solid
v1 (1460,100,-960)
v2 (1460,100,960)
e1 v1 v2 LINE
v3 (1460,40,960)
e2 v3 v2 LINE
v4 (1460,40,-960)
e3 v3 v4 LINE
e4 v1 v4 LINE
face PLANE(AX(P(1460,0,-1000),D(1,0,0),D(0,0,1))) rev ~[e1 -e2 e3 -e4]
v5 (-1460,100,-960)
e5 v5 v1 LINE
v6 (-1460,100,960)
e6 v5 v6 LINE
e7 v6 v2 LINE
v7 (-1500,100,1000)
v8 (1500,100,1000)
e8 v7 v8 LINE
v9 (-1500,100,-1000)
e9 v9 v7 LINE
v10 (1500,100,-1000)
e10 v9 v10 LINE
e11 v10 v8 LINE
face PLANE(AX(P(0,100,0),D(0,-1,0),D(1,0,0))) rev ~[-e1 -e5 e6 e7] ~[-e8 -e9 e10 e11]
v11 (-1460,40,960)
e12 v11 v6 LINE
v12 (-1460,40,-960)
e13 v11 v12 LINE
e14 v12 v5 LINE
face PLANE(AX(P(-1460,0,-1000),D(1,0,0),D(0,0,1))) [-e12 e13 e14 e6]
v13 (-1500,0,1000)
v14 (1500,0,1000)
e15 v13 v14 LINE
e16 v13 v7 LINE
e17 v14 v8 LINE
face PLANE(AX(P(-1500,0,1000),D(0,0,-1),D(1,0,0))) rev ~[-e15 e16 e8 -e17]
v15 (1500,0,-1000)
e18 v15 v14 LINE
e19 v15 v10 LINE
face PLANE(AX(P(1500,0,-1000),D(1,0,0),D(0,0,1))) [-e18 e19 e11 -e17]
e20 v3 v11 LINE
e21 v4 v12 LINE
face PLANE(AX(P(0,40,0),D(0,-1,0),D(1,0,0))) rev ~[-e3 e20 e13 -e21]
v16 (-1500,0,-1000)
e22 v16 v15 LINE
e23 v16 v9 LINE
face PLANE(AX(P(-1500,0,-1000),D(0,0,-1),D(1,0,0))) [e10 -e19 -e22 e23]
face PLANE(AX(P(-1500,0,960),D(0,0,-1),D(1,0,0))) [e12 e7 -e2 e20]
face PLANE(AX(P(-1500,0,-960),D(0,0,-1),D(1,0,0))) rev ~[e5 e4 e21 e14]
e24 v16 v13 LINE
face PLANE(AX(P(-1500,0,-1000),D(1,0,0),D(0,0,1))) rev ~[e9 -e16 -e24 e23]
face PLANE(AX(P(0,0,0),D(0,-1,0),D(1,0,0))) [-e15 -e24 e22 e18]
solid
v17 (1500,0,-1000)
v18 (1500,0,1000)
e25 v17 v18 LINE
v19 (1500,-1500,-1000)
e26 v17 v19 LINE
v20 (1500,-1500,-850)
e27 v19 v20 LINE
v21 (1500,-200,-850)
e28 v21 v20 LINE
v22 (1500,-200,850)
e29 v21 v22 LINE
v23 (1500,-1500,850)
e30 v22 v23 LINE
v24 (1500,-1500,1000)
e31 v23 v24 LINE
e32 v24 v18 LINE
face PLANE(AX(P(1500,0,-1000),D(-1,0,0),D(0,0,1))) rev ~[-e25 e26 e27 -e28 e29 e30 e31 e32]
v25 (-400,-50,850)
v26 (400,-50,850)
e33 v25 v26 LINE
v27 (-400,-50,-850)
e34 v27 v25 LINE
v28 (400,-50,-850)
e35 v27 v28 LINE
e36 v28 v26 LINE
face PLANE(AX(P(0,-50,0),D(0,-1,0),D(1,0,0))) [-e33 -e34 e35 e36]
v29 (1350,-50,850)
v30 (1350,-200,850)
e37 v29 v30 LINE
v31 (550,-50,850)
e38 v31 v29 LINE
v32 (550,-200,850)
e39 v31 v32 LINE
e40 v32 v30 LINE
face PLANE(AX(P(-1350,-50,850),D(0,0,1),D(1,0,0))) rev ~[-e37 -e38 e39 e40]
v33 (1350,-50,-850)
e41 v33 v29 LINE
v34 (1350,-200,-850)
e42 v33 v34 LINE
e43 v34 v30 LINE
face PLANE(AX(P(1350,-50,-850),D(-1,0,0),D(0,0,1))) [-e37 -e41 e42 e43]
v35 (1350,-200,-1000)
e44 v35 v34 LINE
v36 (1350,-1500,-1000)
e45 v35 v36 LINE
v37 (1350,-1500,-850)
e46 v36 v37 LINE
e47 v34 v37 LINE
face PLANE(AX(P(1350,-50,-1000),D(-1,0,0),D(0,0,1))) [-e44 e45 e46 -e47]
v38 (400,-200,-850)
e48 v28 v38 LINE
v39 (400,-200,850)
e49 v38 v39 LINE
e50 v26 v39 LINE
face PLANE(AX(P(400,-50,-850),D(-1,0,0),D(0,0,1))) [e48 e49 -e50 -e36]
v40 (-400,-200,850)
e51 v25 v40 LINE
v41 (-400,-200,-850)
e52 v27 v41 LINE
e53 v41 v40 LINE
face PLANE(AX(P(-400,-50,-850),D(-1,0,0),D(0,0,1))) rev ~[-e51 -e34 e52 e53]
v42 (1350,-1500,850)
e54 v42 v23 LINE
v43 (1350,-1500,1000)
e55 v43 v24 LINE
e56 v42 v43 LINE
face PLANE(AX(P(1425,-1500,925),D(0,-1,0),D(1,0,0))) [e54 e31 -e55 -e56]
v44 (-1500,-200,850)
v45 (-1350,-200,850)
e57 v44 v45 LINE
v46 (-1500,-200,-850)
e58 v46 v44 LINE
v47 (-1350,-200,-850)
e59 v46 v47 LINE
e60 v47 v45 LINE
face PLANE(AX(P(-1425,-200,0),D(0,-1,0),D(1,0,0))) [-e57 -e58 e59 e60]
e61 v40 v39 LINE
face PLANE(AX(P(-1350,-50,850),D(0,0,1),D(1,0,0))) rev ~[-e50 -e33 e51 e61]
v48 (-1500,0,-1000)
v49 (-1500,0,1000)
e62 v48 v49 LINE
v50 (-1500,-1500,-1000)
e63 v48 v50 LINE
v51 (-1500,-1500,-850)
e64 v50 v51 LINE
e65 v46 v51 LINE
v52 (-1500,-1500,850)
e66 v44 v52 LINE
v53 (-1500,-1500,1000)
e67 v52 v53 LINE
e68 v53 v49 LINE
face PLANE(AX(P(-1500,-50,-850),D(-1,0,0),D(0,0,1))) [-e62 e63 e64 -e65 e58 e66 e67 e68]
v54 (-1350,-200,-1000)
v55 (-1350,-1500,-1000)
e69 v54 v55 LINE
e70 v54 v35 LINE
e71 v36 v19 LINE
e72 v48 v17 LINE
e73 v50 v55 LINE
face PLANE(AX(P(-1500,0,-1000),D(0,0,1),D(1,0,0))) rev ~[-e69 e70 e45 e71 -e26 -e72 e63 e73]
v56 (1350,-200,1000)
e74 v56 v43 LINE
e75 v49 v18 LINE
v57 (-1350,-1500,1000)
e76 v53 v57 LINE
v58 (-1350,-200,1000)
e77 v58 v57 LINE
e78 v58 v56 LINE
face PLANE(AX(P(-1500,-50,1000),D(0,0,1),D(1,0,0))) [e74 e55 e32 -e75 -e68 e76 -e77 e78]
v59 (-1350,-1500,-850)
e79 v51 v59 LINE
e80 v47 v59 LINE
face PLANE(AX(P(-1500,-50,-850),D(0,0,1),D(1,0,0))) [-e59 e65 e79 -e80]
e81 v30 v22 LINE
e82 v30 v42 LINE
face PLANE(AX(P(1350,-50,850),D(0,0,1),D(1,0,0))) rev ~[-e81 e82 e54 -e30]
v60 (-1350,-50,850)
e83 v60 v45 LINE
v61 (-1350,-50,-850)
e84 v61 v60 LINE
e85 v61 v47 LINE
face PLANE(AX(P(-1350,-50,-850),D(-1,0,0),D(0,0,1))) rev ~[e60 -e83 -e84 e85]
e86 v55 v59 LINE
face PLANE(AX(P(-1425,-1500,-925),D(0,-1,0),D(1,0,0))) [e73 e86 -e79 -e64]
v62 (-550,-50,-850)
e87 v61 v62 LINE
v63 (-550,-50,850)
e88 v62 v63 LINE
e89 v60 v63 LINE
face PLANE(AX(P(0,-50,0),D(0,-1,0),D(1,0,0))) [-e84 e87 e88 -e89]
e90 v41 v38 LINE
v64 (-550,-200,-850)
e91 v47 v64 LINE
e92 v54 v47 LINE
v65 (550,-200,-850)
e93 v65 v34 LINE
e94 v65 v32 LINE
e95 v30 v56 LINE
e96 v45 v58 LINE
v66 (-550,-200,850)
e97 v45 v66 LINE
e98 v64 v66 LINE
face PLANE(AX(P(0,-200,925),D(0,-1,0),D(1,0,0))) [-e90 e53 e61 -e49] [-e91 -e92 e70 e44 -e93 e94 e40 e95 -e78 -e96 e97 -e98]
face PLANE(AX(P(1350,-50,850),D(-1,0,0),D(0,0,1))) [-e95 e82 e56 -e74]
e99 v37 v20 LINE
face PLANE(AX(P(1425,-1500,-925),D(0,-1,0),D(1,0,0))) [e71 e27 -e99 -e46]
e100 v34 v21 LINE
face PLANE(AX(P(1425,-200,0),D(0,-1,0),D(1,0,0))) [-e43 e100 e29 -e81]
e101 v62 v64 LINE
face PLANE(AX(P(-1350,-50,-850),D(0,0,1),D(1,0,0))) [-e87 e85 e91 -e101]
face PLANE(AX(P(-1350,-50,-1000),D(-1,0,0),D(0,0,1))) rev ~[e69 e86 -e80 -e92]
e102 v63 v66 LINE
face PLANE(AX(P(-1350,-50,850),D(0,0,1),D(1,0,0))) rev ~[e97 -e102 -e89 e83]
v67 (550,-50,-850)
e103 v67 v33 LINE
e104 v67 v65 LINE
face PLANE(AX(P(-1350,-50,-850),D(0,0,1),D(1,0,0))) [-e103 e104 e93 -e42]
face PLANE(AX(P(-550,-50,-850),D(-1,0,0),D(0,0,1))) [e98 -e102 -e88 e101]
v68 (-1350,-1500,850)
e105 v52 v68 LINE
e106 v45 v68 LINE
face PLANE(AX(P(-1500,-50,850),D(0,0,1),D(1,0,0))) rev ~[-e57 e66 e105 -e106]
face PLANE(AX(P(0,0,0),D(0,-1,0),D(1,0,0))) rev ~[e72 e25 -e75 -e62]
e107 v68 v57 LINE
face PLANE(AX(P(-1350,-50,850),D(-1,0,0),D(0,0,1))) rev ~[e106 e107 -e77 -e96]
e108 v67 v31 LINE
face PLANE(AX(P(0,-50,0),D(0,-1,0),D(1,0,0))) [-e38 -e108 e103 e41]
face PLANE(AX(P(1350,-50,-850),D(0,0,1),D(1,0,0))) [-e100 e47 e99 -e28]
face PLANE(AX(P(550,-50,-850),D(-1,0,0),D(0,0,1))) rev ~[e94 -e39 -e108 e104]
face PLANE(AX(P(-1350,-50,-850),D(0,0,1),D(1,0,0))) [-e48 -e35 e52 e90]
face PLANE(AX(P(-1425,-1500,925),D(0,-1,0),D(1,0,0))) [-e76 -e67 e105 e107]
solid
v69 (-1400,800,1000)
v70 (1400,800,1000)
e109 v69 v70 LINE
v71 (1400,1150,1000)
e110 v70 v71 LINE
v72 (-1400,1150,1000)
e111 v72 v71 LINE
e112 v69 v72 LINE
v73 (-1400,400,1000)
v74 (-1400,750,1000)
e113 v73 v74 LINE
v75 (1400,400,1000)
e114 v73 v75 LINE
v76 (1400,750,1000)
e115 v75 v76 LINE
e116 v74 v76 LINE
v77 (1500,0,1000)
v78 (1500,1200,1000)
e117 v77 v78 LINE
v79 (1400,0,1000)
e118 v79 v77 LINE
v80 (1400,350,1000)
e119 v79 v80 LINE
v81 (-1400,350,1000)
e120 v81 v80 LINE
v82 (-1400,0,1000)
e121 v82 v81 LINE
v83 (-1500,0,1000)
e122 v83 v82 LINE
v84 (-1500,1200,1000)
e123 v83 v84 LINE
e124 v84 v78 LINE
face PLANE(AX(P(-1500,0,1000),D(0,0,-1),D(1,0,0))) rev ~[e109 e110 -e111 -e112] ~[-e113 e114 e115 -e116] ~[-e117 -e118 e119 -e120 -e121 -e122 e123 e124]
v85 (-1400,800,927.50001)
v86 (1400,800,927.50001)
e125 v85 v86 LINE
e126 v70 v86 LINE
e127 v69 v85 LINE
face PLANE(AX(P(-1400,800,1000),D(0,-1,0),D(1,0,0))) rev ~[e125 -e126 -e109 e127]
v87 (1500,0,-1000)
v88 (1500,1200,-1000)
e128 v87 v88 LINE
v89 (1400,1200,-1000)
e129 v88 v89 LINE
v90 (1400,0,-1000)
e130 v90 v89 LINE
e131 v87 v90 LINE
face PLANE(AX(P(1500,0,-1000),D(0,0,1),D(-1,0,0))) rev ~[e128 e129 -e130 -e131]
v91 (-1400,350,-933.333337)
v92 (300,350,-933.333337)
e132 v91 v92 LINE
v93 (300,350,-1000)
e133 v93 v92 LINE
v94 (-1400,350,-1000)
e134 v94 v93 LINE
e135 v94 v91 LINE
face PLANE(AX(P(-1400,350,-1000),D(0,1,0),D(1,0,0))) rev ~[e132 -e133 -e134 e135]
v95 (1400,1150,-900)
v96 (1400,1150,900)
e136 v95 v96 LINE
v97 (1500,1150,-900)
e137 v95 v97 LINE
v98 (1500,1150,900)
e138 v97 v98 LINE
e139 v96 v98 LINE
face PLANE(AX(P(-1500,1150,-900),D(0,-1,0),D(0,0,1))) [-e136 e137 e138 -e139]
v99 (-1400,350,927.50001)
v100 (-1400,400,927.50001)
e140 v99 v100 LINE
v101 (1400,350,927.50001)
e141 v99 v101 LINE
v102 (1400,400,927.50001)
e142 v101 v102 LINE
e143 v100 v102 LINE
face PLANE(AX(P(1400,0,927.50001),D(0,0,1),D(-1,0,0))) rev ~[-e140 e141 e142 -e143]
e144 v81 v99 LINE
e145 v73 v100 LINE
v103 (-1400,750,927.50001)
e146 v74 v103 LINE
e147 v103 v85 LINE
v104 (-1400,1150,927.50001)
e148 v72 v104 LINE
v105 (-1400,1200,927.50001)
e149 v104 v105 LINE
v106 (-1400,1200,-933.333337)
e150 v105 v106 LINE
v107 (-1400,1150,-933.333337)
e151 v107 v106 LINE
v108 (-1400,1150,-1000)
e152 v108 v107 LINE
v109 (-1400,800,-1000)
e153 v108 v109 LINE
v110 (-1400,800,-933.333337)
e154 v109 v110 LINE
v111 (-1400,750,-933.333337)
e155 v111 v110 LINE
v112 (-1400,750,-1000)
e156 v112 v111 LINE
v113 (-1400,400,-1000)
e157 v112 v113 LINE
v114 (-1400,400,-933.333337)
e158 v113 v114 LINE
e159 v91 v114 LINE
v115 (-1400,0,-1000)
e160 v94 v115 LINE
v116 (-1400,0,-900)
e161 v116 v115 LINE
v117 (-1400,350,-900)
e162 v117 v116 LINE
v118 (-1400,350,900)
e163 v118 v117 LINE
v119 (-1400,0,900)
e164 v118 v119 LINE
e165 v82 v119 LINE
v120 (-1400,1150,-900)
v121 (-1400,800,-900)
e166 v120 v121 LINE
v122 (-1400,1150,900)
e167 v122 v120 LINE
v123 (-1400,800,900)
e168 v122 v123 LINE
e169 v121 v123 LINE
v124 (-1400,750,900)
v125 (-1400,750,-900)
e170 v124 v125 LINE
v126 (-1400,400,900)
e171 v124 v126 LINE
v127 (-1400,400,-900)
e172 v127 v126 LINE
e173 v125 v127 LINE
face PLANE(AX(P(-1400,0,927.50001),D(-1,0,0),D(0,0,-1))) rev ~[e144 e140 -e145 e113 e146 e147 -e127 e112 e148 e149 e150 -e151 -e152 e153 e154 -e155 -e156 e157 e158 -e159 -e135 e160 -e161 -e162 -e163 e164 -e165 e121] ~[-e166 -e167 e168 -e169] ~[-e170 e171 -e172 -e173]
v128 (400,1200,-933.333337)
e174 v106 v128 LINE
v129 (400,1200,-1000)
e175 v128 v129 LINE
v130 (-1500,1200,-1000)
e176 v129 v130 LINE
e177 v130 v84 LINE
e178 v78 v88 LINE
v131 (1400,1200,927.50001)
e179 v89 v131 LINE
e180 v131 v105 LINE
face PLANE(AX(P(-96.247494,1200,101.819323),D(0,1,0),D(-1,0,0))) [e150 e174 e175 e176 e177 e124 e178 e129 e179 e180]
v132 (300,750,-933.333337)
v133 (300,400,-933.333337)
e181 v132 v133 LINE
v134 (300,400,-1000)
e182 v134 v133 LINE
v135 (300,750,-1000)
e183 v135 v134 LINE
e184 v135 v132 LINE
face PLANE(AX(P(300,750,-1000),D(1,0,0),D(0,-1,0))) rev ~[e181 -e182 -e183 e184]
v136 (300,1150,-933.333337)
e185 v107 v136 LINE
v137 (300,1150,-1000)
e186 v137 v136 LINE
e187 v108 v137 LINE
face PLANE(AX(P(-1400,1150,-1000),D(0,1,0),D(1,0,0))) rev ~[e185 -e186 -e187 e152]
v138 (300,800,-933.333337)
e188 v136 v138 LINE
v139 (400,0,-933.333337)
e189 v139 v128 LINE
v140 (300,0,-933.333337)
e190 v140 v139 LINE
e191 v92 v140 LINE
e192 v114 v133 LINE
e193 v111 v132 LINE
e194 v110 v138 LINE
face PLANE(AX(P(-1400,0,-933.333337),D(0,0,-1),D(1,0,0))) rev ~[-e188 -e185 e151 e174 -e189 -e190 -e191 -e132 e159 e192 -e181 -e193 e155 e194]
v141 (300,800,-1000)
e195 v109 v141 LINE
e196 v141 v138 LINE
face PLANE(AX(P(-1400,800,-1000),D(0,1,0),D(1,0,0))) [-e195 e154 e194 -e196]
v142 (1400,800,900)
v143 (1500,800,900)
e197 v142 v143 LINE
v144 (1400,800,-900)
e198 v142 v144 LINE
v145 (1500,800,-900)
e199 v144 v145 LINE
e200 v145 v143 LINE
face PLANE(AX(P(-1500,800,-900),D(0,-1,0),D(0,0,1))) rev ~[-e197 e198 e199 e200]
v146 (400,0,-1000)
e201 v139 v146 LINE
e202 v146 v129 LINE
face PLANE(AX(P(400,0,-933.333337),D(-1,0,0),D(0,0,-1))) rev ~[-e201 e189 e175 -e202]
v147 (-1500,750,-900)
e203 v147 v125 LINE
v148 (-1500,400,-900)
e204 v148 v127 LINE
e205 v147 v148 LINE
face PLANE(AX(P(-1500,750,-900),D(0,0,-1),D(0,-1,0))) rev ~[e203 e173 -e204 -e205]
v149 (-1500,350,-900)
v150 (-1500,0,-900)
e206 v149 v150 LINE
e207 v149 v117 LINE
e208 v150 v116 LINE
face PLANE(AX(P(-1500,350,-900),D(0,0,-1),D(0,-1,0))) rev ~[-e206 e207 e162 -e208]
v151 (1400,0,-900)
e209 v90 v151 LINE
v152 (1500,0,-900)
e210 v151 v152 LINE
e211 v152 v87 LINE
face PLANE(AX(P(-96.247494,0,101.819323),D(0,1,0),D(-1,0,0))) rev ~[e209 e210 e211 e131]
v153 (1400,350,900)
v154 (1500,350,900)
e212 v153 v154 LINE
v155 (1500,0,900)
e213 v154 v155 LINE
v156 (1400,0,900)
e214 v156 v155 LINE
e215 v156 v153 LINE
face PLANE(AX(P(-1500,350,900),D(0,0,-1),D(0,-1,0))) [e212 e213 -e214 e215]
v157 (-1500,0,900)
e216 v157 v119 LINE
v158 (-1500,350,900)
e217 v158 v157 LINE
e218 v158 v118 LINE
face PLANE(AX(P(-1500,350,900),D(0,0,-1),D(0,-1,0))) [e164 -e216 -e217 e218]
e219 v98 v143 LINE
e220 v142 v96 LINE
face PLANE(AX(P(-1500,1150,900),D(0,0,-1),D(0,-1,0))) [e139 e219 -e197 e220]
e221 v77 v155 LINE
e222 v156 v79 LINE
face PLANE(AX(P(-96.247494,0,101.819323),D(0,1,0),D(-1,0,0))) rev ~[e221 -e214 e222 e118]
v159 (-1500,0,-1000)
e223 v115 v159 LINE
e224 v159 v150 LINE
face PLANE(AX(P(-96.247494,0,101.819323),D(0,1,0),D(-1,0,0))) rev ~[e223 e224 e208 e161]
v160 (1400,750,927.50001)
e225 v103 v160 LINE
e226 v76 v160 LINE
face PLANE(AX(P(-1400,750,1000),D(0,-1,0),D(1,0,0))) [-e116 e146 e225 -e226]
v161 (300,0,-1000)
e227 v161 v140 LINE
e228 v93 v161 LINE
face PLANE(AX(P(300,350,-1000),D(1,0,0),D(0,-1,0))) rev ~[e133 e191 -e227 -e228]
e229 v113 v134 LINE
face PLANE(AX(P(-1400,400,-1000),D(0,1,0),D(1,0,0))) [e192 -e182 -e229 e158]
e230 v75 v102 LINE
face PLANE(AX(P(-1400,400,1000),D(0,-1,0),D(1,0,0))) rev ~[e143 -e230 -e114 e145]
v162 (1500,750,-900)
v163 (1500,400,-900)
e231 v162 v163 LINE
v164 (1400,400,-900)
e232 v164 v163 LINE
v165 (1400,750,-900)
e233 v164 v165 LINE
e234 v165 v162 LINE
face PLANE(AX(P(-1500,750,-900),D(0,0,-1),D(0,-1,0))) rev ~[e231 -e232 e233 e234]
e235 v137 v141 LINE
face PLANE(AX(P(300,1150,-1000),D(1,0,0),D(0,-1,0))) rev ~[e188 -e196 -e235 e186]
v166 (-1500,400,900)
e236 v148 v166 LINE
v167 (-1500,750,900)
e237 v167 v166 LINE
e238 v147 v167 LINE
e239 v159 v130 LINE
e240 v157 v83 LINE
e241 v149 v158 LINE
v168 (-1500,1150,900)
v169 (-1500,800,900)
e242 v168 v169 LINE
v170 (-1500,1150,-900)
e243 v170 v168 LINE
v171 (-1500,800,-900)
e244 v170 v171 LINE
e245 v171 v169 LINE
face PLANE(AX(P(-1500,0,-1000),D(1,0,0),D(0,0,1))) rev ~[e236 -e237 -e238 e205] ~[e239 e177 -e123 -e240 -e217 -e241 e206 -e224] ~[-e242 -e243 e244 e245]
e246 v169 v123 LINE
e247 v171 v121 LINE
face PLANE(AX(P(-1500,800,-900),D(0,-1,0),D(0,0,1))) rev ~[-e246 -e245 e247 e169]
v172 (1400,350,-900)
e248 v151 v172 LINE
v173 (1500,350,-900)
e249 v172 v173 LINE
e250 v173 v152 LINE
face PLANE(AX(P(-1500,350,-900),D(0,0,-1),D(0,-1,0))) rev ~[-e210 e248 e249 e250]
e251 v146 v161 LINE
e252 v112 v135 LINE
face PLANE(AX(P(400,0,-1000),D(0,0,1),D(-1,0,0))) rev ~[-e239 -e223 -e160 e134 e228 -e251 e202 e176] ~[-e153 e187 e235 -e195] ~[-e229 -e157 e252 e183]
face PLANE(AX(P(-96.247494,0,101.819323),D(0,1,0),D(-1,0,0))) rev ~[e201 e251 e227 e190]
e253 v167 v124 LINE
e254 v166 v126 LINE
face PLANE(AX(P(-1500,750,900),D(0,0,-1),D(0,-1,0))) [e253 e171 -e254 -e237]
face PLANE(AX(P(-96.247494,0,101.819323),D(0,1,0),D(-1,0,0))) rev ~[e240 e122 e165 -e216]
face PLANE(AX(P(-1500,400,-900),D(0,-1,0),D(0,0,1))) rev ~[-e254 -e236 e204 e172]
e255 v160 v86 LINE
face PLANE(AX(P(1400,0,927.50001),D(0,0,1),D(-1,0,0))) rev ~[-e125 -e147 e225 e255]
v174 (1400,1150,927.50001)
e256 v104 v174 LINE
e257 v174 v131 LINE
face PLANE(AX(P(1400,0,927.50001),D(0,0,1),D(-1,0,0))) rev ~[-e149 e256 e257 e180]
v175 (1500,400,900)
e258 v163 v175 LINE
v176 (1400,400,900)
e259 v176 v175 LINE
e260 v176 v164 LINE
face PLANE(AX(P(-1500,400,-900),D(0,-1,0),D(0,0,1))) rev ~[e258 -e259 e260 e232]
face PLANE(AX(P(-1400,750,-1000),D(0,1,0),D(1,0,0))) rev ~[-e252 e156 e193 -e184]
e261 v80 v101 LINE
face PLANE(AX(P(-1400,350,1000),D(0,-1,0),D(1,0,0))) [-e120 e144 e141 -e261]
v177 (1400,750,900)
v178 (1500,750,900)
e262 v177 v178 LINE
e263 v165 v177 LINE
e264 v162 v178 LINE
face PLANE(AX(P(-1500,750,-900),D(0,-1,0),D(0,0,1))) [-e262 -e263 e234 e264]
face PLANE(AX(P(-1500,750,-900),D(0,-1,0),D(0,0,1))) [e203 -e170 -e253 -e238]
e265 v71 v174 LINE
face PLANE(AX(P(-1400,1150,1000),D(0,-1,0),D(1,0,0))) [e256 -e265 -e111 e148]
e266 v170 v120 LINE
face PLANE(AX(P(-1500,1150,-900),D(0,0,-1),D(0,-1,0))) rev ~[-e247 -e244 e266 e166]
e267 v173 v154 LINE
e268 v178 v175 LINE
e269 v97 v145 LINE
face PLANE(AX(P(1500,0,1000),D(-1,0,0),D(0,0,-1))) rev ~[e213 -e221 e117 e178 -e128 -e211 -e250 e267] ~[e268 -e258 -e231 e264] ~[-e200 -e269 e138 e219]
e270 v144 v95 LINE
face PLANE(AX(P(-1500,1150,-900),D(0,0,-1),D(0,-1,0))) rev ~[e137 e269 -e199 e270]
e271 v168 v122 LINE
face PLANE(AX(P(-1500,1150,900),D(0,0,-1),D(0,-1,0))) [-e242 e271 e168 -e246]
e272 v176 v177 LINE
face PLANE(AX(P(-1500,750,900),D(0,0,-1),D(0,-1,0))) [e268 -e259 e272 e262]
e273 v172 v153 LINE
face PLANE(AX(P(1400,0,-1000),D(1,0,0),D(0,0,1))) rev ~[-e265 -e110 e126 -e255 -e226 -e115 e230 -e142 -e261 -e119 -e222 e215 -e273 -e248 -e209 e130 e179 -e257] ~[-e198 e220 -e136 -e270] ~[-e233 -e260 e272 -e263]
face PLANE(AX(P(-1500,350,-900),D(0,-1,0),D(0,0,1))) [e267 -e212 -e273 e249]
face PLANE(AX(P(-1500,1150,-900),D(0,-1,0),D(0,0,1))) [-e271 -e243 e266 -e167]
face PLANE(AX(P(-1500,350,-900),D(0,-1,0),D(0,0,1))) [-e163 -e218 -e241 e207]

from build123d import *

# Parameters (mm, degrees)
F0_W      = 3000
F0_H      = 2000
F1_DEPTH  = 50
F2_W      = 150
F2_H      = 150
F3_DEPTH  = 1450
F5_DEPTH  = 1200
F6_W      = 350
F6_H      = 1800
F7_DEPTH  = 3000.001
F8_W      = 1700
F8_H      = 350
F9_DEPTH  = 110
F10_W     = 2800
F10_H     = 350
F11_DEPTH = 110
F12_DEPTH = 100
F13_W     = 150
F13_H     = 1700
F13_W_2   = 2700
F13_H_2   = 150
F14_DEPTH = 150
F15_W     = 150
F15_H     = 1700
F16_DEPTH = 150
F17_T     = -40


with BuildPart() as f1:
    # F0 (on Front) → F1 (new body)
    with BuildSketch(Plane.XZ):
        Rectangle(F0_W, F0_H)
    extrude(amount=F1_DEPTH)

    # F2 (on face) → F3 (join)
    with BuildSketch(Plane.XZ.offset(50)):
        with Locations((-1425, 925)):
            Rectangle(F2_W, F2_H)
        with Locations((1425, 925)):
            Rectangle(F2_W, F2_H)
        with Locations((-1425, -925)):
            Rectangle(F2_W, F2_H)
        with Locations((1425, -925)):
            Rectangle(F2_W, F2_H)
    extrude(amount=F3_DEPTH)


with BuildPart() as f5:
    # F4 (on face) → F5 (new body)
    with BuildSketch(Plane(origin=(0, 0, 0), x_dir=(-1, 0, 0), z_dir=(0, 1, 0))):
        Polygon((-1400, -1000), (-1400, 927.5000095367), (1400, 927.5000095367), (1400, -933.333337307), (-400, -933.333337307), (-400, -1000), (1500, -1000), (1500, 1000), (-1500, 1000), (-1500, -1000), align=None)
    extrude(amount=F5_DEPTH)

    # F6 (on face) → F7 (cut, through all)
    with BuildSketch(Plane(origin=(-1500, 0, 0), x_dir=(0, -1, 0), z_dir=(-1, 0, 0))):
        with Locations((-975, 0)):
            Rectangle(F6_W, F6_H)
        with Locations((-575, 0)):
            Rectangle(F6_W, F6_H)
        with Locations((-175, 0)):
            Rectangle(F6_W, F6_H)
    extrude(amount=-F7_DEPTH, mode=Mode.SUBTRACT)

    # F8 (on face) → F9 (cut)
    with BuildSketch(Plane(origin=(0, 0, -1000), x_dir=(1, 0, 0), z_dir=(0, 0, -1))):
        with Locations((-550, -975)):
            Rectangle(F8_W, F8_H)
        with Locations((-550, -175)):
            Rectangle(F8_W, F8_H)
        with Locations((-550, -575)):
            Rectangle(F8_W, F8_H)
    extrude(amount=-F9_DEPTH, mode=Mode.SUBTRACT)

    # F10 (on face) → F11 (cut)
    with BuildSketch(Plane.XY.offset(1000)):
        with Locations((0, 975)):
            Rectangle(F10_W, F10_H)
        with Locations((0, 575)):
            Rectangle(F10_W, F10_H)
        with Locations((0, 175)):
            Rectangle(F10_W, F10_H)
    extrude(amount=-F11_DEPTH, mode=Mode.SUBTRACT)


with BuildPart() as f12:
    # F12 (new): a face of the model
    f12_faces = [f1.part.faces().sort_by_distance(p)[0] for p in [
        (0, 0, 0),
    ]]
    extrude(f12_faces, amount=F12_DEPTH)

    # F17
    f17_openings = [f12.faces().sort_by_distance(p)[0] for p in [
        (0, 100, 0),
    ]]
    offset(amount=F17_T, openings=f17_openings)


with BuildPart() as f1_1:
    add(f1.part)

    # F13 (on face) → F14 (join)
    with BuildSketch(Plane.XZ.offset(50)):
        with Locations((-1425, 0)):
            Rectangle(F13_W, F13_H)
        with Locations((0, 925)):
            Rectangle(F13_W_2, F13_H_2)
        with Locations((1425, 0)):
            Rectangle(F13_W, F13_H)
        with Locations((0, -925)):
            Rectangle(F13_W_2, F13_H_2)
    extrude(amount=F14_DEPTH)

    # F15 (on face) → F16 (join)
    with BuildSketch(Plane.XZ.offset(50)):
        with Locations((-475, 0)):
            Rectangle(F15_W, F15_H)
        with Locations((475, 0)):
            Rectangle(F15_W, F15_H)
    extrude(amount=F16_DEPTH)


solid = Compound([f5.part, f12.part, f1_1.part])
